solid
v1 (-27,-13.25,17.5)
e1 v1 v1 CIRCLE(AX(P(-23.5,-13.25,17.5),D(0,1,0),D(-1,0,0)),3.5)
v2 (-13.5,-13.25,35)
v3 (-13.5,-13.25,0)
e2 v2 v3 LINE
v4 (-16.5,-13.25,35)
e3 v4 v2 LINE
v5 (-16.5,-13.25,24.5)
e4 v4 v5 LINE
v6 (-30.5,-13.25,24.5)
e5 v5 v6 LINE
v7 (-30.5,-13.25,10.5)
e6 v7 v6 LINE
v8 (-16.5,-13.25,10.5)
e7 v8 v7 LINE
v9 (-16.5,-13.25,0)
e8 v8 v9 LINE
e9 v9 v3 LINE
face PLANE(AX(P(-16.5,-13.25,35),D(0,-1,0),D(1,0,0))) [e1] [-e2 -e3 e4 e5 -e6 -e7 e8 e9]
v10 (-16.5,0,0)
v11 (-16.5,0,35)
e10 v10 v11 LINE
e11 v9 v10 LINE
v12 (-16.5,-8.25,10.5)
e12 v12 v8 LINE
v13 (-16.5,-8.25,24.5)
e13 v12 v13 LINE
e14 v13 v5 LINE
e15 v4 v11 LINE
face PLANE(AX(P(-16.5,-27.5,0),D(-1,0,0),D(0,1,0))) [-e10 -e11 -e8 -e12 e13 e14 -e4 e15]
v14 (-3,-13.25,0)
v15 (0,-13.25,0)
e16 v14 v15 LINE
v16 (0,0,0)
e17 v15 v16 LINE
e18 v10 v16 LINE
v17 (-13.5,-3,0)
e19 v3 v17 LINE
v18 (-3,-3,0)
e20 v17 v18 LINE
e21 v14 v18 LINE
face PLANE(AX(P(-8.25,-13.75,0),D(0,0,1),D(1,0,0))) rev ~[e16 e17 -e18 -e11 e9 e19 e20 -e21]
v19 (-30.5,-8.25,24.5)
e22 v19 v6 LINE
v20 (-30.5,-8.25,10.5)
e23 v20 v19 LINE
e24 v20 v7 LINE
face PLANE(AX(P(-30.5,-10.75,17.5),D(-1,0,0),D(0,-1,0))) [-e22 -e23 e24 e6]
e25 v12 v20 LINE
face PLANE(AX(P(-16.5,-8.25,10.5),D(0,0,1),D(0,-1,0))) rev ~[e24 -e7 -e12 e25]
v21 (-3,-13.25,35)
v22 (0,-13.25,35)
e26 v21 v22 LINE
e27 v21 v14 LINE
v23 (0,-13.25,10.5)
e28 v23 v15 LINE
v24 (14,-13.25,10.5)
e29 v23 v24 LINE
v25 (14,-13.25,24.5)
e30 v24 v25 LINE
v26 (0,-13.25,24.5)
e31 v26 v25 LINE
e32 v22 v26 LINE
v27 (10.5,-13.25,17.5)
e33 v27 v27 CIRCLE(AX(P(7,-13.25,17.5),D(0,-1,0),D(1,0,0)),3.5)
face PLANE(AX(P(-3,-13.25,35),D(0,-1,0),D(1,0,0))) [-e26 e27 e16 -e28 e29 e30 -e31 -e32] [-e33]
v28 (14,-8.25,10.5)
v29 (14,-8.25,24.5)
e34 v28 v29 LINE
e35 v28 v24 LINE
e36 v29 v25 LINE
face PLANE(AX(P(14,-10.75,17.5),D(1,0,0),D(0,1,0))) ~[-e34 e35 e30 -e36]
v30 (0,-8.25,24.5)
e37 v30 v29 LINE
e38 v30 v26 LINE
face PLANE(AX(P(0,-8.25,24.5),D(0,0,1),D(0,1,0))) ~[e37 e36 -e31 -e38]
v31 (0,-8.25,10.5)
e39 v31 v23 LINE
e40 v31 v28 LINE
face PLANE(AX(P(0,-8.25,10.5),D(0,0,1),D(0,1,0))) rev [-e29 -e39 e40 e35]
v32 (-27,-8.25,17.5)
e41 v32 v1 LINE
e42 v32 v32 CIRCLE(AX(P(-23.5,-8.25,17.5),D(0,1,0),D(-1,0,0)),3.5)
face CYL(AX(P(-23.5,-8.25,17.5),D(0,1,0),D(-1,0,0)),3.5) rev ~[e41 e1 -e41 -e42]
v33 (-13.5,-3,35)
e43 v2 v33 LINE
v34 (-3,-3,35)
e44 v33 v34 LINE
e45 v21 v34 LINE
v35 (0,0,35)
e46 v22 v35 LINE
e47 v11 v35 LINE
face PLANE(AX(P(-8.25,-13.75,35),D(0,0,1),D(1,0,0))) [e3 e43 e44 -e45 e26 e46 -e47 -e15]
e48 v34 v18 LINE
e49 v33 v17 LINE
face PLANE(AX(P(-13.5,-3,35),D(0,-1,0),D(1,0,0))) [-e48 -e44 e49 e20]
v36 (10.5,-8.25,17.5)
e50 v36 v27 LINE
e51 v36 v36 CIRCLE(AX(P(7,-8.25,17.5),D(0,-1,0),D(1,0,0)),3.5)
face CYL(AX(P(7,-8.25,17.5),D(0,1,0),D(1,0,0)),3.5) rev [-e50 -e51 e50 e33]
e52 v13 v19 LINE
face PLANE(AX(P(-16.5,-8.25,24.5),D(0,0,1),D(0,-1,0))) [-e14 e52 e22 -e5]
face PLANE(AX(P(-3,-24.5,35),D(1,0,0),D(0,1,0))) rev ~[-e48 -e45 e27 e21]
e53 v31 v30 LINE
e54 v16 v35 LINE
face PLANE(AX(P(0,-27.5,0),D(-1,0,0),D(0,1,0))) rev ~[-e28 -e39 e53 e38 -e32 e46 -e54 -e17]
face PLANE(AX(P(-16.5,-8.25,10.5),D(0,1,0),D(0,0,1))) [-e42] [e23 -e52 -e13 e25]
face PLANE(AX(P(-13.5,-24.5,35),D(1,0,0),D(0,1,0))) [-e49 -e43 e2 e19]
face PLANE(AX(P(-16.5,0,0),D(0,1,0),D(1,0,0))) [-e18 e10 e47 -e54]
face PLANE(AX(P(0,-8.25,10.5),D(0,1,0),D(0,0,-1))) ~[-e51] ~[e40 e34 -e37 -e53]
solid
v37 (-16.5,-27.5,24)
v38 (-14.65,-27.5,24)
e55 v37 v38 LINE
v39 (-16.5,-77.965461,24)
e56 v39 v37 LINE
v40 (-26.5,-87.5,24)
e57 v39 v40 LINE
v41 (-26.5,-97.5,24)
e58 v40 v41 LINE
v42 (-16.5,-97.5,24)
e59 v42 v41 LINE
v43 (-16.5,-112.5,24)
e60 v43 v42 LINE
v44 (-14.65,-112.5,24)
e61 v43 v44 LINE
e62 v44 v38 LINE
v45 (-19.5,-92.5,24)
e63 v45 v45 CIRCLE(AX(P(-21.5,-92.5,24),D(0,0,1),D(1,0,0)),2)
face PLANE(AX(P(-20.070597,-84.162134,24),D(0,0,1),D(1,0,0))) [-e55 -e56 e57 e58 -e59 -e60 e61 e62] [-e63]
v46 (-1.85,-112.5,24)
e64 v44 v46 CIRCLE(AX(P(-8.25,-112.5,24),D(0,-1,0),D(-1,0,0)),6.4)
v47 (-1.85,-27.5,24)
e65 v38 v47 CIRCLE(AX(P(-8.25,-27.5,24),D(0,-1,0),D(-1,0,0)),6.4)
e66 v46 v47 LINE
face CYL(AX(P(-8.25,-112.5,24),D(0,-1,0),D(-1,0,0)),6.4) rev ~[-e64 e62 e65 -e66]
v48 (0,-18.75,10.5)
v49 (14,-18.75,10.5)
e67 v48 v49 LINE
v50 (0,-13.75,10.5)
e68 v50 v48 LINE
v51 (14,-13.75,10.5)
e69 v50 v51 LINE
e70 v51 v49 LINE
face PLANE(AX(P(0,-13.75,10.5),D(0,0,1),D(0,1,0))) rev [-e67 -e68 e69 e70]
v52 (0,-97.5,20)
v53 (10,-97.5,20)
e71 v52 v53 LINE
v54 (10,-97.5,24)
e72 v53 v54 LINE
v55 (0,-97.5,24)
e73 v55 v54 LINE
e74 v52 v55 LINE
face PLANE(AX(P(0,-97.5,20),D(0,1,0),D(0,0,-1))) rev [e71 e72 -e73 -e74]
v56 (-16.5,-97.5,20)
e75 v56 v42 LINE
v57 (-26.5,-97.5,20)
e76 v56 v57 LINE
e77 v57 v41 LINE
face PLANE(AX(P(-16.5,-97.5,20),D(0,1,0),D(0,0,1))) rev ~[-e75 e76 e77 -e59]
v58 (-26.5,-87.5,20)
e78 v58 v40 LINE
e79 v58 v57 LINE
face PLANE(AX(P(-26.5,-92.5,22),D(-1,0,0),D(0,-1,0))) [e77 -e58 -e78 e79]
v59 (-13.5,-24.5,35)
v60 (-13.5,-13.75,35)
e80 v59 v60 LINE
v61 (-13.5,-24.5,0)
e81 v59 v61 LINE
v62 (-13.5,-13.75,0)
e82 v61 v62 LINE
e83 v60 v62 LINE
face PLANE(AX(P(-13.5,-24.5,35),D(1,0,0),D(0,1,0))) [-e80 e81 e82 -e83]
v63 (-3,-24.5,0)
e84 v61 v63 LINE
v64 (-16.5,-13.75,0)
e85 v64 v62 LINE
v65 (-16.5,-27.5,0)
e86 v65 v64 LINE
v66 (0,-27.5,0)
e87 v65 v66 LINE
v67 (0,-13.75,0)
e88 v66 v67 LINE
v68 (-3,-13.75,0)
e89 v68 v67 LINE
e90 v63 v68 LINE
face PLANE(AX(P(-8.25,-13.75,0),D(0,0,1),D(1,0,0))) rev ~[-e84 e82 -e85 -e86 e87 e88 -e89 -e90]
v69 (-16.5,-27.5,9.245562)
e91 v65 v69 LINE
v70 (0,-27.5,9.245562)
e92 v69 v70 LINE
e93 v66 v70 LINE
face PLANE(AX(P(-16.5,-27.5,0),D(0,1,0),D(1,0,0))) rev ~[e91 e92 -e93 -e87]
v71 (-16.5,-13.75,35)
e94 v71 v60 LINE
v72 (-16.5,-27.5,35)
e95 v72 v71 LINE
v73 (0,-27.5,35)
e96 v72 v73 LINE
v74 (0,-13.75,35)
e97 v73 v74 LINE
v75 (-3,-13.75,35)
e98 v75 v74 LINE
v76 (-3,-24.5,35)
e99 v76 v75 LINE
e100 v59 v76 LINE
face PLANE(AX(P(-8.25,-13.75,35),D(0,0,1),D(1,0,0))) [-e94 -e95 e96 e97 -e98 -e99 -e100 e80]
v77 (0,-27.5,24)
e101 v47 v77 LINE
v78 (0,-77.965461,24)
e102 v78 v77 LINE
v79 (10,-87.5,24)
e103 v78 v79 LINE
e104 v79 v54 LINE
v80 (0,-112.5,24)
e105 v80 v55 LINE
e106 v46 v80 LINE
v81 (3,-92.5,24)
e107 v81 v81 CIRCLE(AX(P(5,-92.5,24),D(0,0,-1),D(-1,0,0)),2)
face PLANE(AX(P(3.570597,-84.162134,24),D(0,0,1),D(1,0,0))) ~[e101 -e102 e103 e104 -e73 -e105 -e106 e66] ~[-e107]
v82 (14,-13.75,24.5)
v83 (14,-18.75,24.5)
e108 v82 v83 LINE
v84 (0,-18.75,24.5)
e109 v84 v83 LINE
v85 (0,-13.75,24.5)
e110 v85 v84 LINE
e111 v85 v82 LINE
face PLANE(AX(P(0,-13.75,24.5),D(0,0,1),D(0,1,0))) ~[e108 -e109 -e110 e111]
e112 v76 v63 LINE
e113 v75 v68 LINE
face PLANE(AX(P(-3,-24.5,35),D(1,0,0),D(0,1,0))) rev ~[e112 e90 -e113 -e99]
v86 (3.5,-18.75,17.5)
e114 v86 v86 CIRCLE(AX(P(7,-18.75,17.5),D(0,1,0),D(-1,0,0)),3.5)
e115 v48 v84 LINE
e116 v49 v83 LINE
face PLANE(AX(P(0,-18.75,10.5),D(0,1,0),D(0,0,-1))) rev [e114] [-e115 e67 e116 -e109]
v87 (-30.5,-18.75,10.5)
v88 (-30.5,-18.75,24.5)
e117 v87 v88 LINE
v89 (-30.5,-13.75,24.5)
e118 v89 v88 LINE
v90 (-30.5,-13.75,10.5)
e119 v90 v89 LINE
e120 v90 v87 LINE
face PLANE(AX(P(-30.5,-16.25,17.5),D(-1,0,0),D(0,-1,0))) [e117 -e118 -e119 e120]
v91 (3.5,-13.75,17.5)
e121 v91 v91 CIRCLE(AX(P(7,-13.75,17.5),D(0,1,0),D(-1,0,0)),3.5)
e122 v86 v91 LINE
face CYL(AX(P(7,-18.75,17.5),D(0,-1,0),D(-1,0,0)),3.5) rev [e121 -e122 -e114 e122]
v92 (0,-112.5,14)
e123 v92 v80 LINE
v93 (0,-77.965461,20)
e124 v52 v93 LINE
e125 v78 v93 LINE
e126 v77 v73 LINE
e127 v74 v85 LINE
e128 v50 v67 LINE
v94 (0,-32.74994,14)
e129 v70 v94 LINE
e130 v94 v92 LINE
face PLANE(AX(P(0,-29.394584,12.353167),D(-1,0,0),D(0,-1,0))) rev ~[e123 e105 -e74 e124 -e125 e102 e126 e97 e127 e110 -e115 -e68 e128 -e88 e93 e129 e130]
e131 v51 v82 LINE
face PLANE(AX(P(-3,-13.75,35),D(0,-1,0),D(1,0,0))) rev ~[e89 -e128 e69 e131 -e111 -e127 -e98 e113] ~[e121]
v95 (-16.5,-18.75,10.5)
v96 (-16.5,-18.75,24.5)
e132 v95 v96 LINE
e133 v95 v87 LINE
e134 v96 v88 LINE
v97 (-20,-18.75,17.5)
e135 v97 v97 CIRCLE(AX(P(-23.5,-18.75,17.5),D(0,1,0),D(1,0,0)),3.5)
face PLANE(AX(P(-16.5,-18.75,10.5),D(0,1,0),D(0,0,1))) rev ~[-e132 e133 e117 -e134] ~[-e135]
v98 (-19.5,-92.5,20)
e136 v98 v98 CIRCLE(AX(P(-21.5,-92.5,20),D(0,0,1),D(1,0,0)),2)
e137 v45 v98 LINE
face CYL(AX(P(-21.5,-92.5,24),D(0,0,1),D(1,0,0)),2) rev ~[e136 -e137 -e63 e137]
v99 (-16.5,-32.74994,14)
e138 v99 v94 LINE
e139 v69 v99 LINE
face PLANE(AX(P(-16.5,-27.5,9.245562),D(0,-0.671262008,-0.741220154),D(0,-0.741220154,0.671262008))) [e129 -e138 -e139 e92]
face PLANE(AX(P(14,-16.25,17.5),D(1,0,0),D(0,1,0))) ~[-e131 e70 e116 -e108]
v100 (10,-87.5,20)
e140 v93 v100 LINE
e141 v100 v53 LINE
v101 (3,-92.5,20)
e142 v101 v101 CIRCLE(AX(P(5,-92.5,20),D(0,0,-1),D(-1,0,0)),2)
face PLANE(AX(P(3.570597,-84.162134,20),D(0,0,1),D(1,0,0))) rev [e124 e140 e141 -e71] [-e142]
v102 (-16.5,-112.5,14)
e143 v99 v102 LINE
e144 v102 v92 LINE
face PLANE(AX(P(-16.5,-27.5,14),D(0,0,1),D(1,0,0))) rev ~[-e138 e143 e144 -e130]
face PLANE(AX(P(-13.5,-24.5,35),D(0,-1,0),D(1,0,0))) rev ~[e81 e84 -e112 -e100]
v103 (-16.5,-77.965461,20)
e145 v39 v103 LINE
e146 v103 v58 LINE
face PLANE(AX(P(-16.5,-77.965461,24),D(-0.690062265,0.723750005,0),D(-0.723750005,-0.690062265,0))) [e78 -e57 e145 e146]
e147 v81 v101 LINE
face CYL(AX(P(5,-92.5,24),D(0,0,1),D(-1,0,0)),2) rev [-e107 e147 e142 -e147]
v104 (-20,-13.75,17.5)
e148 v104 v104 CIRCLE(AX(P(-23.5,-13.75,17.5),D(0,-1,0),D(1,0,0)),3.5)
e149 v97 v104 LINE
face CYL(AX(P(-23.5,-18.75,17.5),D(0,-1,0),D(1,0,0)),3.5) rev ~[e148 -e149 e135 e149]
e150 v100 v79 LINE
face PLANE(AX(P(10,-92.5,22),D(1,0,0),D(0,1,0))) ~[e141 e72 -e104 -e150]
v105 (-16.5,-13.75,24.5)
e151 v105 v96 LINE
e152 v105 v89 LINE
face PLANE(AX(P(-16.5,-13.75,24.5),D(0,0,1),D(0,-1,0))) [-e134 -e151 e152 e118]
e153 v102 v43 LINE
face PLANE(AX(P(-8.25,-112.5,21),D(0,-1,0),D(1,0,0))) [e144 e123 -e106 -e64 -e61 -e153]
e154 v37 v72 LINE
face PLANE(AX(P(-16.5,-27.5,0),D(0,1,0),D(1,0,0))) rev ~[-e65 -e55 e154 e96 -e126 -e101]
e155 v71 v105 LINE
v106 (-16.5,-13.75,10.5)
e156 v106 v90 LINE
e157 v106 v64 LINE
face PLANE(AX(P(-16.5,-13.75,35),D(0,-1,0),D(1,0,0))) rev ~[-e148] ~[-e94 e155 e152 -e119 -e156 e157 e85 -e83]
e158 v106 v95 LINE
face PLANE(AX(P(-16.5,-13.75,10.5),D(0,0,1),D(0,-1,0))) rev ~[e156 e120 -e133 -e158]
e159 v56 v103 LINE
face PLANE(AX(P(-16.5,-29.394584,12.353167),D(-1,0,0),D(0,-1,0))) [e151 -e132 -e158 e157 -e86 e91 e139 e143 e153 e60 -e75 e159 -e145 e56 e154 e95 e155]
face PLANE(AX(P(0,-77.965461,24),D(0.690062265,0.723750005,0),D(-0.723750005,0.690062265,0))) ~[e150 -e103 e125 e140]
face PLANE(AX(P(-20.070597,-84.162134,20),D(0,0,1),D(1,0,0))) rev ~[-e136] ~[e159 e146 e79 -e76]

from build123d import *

# Parameters (mm, degrees)
F0_W      = 16.5
F0_H      = 27.5
F1_DEPTH  = 35
F2_W      = 10.5
F2_H      = 21.5
F3_DEPTH  = 35
F4_W      = 3
F4_H      = 0.5
F5_DEPTH  = 35
F6_W      = 5
F6_H      = 14
F7_DEPTH  = 14
F8_R      = 3.5
F9_DEPTH  = 5
F12_W     = 5
F12_H     = 14
F13_DEPTH = 14
F14_R     = 3.5
F15_DEPTH = 255
F17_W     = 16.5
F17_H     = 14
F18_DEPTH = 85
F20_DEPTH = 85
F21_W     = 10
F21_H     = 4
F22_DEPTH = 10
F24_DEPTH = 4
F25_R     = 2
F26_DEPTH = 4
F29_DEPTH = 16.5


with BuildPart() as f1:
    # F0 (on Top) → F1 (new body)
    with BuildSketch(Plane.XY):
        with Locations((-8.25, -13.75)):
            Rectangle(F0_W, F0_H)
    extrude(amount=F1_DEPTH)

    # F2 (on face) → F3 (cut)
    with BuildSketch(Plane.XY.offset(35)):
        with Locations((-8.25, -13.75)):
            Rectangle(F2_W, F2_H)
    extrude(amount=-F3_DEPTH, mode=Mode.SUBTRACT)

    # F4 (on face) → F5 (cut)
    with BuildSketch(Plane.XY.offset(35)):
        with Locations((-1.5, -13.5)):
            Rectangle(F4_W, F4_H)
        with Locations((-15, -13.5)):
            Rectangle(F4_W, F4_H)
    extrude(amount=-F5_DEPTH, mode=Mode.SUBTRACT)

    # F6 (on face) → F7 (join)
    with BuildSketch(Plane(origin=(-16.5, 0, 0), x_dir=(0, -1, 0), z_dir=(-1, 0, 0))):
        with Locations((16.25, 17.5)):
            Rectangle(F6_W, F6_H)
    extrude(amount=F7_DEPTH)

    # F8 (on face) → F9 (cut)
    with BuildSketch(Plane.XZ.offset(18.75)):
        with Locations((-23.5, 17.5)):
            Circle(F8_R)
    extrude(amount=-F9_DEPTH, mode=Mode.SUBTRACT)

    # F11: F1 across plane


with BuildPart() as f1_1:
    add(f1.part)
    add(f1.part.mirror(Plane(origin=(-8.25, -6.625, 17.5), x_dir=(0, -1, 0), z_dir=(-1, 0, 0))))

    # F12 (on face) → F13 (join)
    with BuildSketch(Plane(origin=(-16.5, 0, 0), x_dir=(0, -1, 0), z_dir=(-1, 0, 0))):
        with Locations((10.75, 17.5)):
            Rectangle(F12_W, F12_H)
    extrude(amount=F13_DEPTH)

    # F14 (on face) → F15 (cut)
    with BuildSketch(Plane(origin=(0, -8.25, 0), x_dir=(-1, 0, 0), z_dir=(0, 1, 0))):
        with Locations((23.5, 17.5)):
            Circle(F14_R)
    extrude(amount=-F15_DEPTH, mode=Mode.SUBTRACT)

    # F16: F1 across plane


with BuildPart() as f1_2:
    add(f1_1.part)
    add(f1_1.part.mirror(Plane(origin=(-8.25, -6.625, 17.5), x_dir=(0, -1, 0), z_dir=(-1, 0, 0))))

    # F17 (on face) → F18 (join)
    with BuildSketch(Plane.XZ.offset(27.5)):
        with Locations((-8.25, 21)):
            Rectangle(F17_W, F17_H)
    extrude(amount=F18_DEPTH)

    # F19 (on face) → F20 (cut)
    with BuildSketch(Plane.XZ.offset(112.5)):
        with BuildLine():
            Line((-16.5, 24), (-14.65, 24))
            ThreePointArc((-14.65, 24), (-8.25, 17.6), (-1.85, 24))
            Line((-1.85, 24), (0, 24))
            Line((0, 24), (0, 28))
            Line((0, 28), (-16.5, 28))
            Line((-16.5, 28), (-16.5, 24))
        make_face()
    extrude(amount=-F20_DEPTH, mode=Mode.SUBTRACT)

    # F21 (on face) → F22 (join)
    with BuildSketch(Plane(origin=(-16.5, 0, 0), x_dir=(0, -1, 0), z_dir=(-1, 0, 0))):
        with Locations((92.5, 22)):
            Rectangle(F21_W, F21_H)
    extrude(amount=F22_DEPTH)

    # F23 (on face) → F24 (join)
    with BuildSketch(Plane.XY.offset(24)):
        Polygon((-16.5, -77.965461), (-26.5, -87.5), (-16.5, -87.5), align=None)
    extrude(amount=-F24_DEPTH)

    # F25 (on face) → F26 (cut)
    with BuildSketch(Plane.XY.offset(24)):
        with Locations((-21.5, -92.5)):
            Circle(F25_R)
    extrude(amount=-F26_DEPTH, mode=Mode.SUBTRACT)

    # F27: F1 across plane


with BuildPart() as f1_3:
    add(f1_2.part)
    add(f1_2.part.mirror(Plane(origin=(-8.25, -6.625, 17.5), x_dir=(0, -1, 0), z_dir=(-1, 0, 0))))

    # F28 (on face) → F29 (join)
    with BuildSketch(Plane(origin=(-16.5, 0, 0), x_dir=(0, -1, 0), z_dir=(-1, 0, 0))):
        Polygon((27.5, 14), (27.5, 9.245562), (32.74994, 14), align=None)
    extrude(amount=-F29_DEPTH)


solid = f1_3.part
